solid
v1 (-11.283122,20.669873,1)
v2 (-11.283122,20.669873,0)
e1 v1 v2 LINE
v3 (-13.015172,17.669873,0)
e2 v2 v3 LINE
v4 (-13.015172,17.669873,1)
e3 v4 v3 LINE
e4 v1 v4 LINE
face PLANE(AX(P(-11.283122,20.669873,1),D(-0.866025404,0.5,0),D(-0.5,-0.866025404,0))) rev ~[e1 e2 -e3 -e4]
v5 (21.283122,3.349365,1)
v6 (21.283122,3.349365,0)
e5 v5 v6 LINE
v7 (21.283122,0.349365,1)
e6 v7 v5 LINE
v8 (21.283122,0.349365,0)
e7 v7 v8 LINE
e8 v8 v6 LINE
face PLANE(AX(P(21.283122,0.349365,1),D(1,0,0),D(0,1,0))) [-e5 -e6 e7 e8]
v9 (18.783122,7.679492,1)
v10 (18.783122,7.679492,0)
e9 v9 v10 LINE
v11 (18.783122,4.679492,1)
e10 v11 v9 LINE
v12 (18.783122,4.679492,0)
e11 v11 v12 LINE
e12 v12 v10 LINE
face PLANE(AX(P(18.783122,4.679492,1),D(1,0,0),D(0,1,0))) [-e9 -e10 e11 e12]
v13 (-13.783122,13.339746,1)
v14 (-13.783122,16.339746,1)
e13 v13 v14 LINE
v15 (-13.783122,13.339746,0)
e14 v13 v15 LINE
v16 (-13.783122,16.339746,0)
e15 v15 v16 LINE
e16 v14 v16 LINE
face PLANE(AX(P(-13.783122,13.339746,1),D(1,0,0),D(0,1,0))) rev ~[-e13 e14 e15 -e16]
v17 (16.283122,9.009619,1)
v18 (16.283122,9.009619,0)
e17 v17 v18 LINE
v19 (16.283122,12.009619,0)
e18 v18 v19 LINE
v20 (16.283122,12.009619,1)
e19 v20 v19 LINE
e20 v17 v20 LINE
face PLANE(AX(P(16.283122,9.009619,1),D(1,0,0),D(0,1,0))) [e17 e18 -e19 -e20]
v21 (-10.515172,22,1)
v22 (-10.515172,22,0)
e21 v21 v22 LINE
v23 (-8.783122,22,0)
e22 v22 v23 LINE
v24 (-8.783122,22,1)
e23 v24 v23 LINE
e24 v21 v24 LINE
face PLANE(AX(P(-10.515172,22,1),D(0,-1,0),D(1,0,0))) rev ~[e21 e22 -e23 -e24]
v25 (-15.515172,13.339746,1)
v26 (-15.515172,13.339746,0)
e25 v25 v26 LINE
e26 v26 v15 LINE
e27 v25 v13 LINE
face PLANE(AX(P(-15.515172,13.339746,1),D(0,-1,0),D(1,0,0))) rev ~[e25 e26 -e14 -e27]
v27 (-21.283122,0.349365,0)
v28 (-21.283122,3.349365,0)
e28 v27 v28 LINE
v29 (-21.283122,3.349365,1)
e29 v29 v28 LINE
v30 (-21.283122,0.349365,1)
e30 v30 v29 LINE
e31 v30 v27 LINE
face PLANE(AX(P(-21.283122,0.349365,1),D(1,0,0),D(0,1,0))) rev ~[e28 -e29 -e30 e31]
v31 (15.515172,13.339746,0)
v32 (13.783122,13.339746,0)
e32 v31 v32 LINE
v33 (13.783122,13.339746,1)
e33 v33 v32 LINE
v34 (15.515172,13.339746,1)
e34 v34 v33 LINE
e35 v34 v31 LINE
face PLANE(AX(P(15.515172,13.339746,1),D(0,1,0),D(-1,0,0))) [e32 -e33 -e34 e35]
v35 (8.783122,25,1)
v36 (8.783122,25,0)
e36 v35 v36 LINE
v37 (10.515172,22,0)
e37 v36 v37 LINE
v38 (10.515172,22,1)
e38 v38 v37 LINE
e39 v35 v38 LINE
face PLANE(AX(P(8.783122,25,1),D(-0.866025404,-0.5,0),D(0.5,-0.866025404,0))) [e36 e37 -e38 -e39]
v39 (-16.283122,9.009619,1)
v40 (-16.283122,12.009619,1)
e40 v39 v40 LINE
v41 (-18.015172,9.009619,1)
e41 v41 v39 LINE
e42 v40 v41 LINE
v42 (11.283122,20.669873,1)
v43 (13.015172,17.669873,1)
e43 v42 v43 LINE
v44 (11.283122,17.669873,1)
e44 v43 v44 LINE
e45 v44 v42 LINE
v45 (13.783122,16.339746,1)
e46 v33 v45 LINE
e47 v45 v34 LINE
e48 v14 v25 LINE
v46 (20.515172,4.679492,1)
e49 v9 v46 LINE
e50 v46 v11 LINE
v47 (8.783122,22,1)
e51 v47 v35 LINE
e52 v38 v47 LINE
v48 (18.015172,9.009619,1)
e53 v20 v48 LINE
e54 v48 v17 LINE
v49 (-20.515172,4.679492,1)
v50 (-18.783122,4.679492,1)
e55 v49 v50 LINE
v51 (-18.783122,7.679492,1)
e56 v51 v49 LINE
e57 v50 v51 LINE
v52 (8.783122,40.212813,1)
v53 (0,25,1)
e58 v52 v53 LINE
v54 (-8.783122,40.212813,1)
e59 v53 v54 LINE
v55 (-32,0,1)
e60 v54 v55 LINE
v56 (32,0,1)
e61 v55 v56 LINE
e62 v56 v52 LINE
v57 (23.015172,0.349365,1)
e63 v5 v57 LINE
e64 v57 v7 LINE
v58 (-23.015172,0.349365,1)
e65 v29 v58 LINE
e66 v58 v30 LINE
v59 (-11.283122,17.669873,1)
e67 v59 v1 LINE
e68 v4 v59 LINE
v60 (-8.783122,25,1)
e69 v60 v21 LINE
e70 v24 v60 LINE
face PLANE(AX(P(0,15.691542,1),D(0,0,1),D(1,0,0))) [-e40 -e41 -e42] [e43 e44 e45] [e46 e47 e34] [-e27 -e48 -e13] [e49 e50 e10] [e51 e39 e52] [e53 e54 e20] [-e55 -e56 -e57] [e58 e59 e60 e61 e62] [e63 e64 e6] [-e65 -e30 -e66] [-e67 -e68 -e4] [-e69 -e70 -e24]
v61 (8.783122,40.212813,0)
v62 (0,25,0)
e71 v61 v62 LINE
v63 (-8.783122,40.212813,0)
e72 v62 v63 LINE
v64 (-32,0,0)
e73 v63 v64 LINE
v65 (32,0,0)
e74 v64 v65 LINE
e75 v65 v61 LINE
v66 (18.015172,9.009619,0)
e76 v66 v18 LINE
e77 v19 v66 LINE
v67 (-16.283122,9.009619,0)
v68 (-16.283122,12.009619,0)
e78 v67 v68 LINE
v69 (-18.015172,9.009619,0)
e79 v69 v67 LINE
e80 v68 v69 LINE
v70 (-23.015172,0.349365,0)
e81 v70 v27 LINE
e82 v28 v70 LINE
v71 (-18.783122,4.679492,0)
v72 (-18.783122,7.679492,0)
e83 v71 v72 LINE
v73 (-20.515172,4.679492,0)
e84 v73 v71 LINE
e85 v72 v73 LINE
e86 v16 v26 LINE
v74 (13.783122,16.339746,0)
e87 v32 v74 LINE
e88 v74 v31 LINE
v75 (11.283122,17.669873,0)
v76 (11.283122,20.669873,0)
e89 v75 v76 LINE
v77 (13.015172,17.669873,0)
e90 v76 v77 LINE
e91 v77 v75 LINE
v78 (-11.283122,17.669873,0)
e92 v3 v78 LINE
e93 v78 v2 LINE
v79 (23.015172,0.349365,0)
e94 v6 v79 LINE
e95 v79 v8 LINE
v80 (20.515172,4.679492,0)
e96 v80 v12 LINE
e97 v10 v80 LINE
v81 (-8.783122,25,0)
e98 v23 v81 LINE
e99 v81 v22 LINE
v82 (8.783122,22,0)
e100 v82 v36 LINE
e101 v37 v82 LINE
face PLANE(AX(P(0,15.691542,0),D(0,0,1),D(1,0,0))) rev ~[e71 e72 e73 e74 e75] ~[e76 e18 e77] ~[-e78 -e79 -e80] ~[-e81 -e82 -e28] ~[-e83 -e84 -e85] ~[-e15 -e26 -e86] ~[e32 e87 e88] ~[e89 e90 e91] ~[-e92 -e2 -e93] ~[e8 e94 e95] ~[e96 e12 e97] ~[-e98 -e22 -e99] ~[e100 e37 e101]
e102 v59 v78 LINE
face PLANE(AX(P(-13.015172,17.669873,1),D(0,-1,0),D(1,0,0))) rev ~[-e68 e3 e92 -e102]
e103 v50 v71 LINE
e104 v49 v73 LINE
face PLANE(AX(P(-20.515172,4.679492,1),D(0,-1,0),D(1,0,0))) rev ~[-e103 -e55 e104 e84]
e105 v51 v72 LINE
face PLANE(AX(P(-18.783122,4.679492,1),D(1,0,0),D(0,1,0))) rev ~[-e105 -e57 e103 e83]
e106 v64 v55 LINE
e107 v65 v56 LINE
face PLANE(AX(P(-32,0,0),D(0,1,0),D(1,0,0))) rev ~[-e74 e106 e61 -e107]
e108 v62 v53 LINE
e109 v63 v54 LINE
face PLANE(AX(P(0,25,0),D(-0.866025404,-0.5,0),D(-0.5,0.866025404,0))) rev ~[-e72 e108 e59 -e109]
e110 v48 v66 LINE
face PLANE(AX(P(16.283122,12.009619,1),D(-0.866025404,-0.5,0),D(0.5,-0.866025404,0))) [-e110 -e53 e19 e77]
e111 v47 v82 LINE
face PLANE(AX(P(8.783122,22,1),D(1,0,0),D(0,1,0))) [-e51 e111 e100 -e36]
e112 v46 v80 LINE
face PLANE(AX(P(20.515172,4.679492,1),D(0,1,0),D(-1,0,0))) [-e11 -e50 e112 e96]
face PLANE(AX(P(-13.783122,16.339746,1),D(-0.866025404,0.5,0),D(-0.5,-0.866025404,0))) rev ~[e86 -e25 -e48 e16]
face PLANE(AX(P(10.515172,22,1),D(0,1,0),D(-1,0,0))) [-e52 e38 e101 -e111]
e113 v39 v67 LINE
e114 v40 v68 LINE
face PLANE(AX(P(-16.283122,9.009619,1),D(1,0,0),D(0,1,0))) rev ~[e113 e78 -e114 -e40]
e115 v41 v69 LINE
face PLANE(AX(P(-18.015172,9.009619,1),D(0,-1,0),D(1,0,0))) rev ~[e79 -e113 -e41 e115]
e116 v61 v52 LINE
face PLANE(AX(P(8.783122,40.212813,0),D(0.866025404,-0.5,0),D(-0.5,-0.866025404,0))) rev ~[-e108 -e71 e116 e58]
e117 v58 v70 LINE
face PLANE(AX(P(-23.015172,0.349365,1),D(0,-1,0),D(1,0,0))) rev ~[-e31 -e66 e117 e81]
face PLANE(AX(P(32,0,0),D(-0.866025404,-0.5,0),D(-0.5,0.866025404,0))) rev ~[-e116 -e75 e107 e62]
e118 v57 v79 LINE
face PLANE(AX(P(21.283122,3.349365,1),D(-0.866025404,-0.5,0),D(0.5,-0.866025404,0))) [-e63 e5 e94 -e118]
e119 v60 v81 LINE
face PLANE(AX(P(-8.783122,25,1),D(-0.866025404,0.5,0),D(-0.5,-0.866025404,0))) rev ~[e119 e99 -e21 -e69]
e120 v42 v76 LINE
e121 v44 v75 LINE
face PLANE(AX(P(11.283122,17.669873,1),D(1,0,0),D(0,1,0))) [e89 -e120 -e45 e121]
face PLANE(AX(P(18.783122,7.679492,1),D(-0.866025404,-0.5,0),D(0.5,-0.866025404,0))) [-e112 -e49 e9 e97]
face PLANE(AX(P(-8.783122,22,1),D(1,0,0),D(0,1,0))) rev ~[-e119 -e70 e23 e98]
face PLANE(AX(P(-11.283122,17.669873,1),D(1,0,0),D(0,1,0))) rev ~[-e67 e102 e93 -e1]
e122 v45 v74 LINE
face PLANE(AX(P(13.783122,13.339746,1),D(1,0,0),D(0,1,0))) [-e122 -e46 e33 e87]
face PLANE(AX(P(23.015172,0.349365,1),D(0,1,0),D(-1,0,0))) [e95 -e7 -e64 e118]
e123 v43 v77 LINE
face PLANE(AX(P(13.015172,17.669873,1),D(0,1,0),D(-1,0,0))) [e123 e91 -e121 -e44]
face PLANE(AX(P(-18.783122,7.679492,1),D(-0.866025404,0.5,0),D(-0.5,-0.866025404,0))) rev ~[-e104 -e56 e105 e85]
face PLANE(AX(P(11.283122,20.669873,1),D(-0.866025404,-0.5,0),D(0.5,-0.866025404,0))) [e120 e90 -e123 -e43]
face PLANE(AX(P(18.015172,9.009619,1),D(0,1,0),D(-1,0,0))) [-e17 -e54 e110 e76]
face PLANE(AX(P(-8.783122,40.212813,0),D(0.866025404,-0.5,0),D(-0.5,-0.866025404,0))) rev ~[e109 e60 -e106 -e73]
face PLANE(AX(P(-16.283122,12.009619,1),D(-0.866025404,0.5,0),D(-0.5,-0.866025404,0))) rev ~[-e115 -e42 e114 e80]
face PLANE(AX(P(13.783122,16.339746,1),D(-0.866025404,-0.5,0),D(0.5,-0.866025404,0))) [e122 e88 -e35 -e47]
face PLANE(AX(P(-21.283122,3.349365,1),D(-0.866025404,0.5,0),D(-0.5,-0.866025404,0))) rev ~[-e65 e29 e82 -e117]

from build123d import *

# Parameters (mm, degrees)
EXTRUDE_1_DEPTH     = 1
CUT_EXTRUDE_1_DEPTH = 52.40107317


with BuildPart() as part:
    # 草图1 → 凸台-拉伸1 (new body)
    with BuildSketch(Plane.XY):
        Polygon((-32, 0), (32, 0), (8.783121635, 40.212812921), (0, 25), (-8.783121635, 40.212812921), align=None)
    extrude(amount=EXTRUDE_1_DEPTH)

    # 草图2 → 切除-拉伸1 (cut, through all)
    with BuildSketch(Plane.XY.offset(1)):
        Polygon((-8.783121635, 25), (-10.515172443, 22), (-8.783121635, 22), align=None)
        Polygon((-11.283121635, 17.669872981), (-11.283121635, 20.669872981), (-13.015172443, 17.669872981), align=None)
        Polygon((-13.783121635, 13.339745962), (-13.783121635, 16.339745962), (-15.515172443, 13.339745962), align=None)
        Polygon((-16.283121635, 9.009618943), (-16.283121635, 12.009618943), (-18.015172443, 9.009618943), align=None)
        Polygon((-18.783121635, 4.679491924), (-18.783121635, 7.679491924), (-20.515172443, 4.679491924), align=None)
        Polygon((-21.283121635, 0.349364905), (-21.283121635, 3.349364905), (-23.015172443, 0.349364905), align=None)
        Polygon((23.015172443, 0.349364905), (21.283121635, 0.349364905), (21.283121635, 3.349364905), align=None)
        Polygon((20.515172443, 4.679491924), (18.783121635, 4.679491924), (18.783121635, 7.679491924), align=None)
        Polygon((18.015172443, 9.009618943), (16.283121635, 9.009618943), (16.283121635, 12.009618943), align=None)
        Polygon((15.515172443, 13.339745962), (13.783121635, 13.339745962), (13.783121635, 16.339745962), align=None)
        Polygon((13.015172443, 17.669872981), (11.283121635, 17.669872981), (11.283121635, 20.669872981), align=None)
        Polygon((10.515172443, 22), (8.783121635, 22), (8.783121635, 25), align=None)
    extrude(amount=-CUT_EXTRUDE_1_DEPTH, mode=Mode.SUBTRACT)


solid = part.part
